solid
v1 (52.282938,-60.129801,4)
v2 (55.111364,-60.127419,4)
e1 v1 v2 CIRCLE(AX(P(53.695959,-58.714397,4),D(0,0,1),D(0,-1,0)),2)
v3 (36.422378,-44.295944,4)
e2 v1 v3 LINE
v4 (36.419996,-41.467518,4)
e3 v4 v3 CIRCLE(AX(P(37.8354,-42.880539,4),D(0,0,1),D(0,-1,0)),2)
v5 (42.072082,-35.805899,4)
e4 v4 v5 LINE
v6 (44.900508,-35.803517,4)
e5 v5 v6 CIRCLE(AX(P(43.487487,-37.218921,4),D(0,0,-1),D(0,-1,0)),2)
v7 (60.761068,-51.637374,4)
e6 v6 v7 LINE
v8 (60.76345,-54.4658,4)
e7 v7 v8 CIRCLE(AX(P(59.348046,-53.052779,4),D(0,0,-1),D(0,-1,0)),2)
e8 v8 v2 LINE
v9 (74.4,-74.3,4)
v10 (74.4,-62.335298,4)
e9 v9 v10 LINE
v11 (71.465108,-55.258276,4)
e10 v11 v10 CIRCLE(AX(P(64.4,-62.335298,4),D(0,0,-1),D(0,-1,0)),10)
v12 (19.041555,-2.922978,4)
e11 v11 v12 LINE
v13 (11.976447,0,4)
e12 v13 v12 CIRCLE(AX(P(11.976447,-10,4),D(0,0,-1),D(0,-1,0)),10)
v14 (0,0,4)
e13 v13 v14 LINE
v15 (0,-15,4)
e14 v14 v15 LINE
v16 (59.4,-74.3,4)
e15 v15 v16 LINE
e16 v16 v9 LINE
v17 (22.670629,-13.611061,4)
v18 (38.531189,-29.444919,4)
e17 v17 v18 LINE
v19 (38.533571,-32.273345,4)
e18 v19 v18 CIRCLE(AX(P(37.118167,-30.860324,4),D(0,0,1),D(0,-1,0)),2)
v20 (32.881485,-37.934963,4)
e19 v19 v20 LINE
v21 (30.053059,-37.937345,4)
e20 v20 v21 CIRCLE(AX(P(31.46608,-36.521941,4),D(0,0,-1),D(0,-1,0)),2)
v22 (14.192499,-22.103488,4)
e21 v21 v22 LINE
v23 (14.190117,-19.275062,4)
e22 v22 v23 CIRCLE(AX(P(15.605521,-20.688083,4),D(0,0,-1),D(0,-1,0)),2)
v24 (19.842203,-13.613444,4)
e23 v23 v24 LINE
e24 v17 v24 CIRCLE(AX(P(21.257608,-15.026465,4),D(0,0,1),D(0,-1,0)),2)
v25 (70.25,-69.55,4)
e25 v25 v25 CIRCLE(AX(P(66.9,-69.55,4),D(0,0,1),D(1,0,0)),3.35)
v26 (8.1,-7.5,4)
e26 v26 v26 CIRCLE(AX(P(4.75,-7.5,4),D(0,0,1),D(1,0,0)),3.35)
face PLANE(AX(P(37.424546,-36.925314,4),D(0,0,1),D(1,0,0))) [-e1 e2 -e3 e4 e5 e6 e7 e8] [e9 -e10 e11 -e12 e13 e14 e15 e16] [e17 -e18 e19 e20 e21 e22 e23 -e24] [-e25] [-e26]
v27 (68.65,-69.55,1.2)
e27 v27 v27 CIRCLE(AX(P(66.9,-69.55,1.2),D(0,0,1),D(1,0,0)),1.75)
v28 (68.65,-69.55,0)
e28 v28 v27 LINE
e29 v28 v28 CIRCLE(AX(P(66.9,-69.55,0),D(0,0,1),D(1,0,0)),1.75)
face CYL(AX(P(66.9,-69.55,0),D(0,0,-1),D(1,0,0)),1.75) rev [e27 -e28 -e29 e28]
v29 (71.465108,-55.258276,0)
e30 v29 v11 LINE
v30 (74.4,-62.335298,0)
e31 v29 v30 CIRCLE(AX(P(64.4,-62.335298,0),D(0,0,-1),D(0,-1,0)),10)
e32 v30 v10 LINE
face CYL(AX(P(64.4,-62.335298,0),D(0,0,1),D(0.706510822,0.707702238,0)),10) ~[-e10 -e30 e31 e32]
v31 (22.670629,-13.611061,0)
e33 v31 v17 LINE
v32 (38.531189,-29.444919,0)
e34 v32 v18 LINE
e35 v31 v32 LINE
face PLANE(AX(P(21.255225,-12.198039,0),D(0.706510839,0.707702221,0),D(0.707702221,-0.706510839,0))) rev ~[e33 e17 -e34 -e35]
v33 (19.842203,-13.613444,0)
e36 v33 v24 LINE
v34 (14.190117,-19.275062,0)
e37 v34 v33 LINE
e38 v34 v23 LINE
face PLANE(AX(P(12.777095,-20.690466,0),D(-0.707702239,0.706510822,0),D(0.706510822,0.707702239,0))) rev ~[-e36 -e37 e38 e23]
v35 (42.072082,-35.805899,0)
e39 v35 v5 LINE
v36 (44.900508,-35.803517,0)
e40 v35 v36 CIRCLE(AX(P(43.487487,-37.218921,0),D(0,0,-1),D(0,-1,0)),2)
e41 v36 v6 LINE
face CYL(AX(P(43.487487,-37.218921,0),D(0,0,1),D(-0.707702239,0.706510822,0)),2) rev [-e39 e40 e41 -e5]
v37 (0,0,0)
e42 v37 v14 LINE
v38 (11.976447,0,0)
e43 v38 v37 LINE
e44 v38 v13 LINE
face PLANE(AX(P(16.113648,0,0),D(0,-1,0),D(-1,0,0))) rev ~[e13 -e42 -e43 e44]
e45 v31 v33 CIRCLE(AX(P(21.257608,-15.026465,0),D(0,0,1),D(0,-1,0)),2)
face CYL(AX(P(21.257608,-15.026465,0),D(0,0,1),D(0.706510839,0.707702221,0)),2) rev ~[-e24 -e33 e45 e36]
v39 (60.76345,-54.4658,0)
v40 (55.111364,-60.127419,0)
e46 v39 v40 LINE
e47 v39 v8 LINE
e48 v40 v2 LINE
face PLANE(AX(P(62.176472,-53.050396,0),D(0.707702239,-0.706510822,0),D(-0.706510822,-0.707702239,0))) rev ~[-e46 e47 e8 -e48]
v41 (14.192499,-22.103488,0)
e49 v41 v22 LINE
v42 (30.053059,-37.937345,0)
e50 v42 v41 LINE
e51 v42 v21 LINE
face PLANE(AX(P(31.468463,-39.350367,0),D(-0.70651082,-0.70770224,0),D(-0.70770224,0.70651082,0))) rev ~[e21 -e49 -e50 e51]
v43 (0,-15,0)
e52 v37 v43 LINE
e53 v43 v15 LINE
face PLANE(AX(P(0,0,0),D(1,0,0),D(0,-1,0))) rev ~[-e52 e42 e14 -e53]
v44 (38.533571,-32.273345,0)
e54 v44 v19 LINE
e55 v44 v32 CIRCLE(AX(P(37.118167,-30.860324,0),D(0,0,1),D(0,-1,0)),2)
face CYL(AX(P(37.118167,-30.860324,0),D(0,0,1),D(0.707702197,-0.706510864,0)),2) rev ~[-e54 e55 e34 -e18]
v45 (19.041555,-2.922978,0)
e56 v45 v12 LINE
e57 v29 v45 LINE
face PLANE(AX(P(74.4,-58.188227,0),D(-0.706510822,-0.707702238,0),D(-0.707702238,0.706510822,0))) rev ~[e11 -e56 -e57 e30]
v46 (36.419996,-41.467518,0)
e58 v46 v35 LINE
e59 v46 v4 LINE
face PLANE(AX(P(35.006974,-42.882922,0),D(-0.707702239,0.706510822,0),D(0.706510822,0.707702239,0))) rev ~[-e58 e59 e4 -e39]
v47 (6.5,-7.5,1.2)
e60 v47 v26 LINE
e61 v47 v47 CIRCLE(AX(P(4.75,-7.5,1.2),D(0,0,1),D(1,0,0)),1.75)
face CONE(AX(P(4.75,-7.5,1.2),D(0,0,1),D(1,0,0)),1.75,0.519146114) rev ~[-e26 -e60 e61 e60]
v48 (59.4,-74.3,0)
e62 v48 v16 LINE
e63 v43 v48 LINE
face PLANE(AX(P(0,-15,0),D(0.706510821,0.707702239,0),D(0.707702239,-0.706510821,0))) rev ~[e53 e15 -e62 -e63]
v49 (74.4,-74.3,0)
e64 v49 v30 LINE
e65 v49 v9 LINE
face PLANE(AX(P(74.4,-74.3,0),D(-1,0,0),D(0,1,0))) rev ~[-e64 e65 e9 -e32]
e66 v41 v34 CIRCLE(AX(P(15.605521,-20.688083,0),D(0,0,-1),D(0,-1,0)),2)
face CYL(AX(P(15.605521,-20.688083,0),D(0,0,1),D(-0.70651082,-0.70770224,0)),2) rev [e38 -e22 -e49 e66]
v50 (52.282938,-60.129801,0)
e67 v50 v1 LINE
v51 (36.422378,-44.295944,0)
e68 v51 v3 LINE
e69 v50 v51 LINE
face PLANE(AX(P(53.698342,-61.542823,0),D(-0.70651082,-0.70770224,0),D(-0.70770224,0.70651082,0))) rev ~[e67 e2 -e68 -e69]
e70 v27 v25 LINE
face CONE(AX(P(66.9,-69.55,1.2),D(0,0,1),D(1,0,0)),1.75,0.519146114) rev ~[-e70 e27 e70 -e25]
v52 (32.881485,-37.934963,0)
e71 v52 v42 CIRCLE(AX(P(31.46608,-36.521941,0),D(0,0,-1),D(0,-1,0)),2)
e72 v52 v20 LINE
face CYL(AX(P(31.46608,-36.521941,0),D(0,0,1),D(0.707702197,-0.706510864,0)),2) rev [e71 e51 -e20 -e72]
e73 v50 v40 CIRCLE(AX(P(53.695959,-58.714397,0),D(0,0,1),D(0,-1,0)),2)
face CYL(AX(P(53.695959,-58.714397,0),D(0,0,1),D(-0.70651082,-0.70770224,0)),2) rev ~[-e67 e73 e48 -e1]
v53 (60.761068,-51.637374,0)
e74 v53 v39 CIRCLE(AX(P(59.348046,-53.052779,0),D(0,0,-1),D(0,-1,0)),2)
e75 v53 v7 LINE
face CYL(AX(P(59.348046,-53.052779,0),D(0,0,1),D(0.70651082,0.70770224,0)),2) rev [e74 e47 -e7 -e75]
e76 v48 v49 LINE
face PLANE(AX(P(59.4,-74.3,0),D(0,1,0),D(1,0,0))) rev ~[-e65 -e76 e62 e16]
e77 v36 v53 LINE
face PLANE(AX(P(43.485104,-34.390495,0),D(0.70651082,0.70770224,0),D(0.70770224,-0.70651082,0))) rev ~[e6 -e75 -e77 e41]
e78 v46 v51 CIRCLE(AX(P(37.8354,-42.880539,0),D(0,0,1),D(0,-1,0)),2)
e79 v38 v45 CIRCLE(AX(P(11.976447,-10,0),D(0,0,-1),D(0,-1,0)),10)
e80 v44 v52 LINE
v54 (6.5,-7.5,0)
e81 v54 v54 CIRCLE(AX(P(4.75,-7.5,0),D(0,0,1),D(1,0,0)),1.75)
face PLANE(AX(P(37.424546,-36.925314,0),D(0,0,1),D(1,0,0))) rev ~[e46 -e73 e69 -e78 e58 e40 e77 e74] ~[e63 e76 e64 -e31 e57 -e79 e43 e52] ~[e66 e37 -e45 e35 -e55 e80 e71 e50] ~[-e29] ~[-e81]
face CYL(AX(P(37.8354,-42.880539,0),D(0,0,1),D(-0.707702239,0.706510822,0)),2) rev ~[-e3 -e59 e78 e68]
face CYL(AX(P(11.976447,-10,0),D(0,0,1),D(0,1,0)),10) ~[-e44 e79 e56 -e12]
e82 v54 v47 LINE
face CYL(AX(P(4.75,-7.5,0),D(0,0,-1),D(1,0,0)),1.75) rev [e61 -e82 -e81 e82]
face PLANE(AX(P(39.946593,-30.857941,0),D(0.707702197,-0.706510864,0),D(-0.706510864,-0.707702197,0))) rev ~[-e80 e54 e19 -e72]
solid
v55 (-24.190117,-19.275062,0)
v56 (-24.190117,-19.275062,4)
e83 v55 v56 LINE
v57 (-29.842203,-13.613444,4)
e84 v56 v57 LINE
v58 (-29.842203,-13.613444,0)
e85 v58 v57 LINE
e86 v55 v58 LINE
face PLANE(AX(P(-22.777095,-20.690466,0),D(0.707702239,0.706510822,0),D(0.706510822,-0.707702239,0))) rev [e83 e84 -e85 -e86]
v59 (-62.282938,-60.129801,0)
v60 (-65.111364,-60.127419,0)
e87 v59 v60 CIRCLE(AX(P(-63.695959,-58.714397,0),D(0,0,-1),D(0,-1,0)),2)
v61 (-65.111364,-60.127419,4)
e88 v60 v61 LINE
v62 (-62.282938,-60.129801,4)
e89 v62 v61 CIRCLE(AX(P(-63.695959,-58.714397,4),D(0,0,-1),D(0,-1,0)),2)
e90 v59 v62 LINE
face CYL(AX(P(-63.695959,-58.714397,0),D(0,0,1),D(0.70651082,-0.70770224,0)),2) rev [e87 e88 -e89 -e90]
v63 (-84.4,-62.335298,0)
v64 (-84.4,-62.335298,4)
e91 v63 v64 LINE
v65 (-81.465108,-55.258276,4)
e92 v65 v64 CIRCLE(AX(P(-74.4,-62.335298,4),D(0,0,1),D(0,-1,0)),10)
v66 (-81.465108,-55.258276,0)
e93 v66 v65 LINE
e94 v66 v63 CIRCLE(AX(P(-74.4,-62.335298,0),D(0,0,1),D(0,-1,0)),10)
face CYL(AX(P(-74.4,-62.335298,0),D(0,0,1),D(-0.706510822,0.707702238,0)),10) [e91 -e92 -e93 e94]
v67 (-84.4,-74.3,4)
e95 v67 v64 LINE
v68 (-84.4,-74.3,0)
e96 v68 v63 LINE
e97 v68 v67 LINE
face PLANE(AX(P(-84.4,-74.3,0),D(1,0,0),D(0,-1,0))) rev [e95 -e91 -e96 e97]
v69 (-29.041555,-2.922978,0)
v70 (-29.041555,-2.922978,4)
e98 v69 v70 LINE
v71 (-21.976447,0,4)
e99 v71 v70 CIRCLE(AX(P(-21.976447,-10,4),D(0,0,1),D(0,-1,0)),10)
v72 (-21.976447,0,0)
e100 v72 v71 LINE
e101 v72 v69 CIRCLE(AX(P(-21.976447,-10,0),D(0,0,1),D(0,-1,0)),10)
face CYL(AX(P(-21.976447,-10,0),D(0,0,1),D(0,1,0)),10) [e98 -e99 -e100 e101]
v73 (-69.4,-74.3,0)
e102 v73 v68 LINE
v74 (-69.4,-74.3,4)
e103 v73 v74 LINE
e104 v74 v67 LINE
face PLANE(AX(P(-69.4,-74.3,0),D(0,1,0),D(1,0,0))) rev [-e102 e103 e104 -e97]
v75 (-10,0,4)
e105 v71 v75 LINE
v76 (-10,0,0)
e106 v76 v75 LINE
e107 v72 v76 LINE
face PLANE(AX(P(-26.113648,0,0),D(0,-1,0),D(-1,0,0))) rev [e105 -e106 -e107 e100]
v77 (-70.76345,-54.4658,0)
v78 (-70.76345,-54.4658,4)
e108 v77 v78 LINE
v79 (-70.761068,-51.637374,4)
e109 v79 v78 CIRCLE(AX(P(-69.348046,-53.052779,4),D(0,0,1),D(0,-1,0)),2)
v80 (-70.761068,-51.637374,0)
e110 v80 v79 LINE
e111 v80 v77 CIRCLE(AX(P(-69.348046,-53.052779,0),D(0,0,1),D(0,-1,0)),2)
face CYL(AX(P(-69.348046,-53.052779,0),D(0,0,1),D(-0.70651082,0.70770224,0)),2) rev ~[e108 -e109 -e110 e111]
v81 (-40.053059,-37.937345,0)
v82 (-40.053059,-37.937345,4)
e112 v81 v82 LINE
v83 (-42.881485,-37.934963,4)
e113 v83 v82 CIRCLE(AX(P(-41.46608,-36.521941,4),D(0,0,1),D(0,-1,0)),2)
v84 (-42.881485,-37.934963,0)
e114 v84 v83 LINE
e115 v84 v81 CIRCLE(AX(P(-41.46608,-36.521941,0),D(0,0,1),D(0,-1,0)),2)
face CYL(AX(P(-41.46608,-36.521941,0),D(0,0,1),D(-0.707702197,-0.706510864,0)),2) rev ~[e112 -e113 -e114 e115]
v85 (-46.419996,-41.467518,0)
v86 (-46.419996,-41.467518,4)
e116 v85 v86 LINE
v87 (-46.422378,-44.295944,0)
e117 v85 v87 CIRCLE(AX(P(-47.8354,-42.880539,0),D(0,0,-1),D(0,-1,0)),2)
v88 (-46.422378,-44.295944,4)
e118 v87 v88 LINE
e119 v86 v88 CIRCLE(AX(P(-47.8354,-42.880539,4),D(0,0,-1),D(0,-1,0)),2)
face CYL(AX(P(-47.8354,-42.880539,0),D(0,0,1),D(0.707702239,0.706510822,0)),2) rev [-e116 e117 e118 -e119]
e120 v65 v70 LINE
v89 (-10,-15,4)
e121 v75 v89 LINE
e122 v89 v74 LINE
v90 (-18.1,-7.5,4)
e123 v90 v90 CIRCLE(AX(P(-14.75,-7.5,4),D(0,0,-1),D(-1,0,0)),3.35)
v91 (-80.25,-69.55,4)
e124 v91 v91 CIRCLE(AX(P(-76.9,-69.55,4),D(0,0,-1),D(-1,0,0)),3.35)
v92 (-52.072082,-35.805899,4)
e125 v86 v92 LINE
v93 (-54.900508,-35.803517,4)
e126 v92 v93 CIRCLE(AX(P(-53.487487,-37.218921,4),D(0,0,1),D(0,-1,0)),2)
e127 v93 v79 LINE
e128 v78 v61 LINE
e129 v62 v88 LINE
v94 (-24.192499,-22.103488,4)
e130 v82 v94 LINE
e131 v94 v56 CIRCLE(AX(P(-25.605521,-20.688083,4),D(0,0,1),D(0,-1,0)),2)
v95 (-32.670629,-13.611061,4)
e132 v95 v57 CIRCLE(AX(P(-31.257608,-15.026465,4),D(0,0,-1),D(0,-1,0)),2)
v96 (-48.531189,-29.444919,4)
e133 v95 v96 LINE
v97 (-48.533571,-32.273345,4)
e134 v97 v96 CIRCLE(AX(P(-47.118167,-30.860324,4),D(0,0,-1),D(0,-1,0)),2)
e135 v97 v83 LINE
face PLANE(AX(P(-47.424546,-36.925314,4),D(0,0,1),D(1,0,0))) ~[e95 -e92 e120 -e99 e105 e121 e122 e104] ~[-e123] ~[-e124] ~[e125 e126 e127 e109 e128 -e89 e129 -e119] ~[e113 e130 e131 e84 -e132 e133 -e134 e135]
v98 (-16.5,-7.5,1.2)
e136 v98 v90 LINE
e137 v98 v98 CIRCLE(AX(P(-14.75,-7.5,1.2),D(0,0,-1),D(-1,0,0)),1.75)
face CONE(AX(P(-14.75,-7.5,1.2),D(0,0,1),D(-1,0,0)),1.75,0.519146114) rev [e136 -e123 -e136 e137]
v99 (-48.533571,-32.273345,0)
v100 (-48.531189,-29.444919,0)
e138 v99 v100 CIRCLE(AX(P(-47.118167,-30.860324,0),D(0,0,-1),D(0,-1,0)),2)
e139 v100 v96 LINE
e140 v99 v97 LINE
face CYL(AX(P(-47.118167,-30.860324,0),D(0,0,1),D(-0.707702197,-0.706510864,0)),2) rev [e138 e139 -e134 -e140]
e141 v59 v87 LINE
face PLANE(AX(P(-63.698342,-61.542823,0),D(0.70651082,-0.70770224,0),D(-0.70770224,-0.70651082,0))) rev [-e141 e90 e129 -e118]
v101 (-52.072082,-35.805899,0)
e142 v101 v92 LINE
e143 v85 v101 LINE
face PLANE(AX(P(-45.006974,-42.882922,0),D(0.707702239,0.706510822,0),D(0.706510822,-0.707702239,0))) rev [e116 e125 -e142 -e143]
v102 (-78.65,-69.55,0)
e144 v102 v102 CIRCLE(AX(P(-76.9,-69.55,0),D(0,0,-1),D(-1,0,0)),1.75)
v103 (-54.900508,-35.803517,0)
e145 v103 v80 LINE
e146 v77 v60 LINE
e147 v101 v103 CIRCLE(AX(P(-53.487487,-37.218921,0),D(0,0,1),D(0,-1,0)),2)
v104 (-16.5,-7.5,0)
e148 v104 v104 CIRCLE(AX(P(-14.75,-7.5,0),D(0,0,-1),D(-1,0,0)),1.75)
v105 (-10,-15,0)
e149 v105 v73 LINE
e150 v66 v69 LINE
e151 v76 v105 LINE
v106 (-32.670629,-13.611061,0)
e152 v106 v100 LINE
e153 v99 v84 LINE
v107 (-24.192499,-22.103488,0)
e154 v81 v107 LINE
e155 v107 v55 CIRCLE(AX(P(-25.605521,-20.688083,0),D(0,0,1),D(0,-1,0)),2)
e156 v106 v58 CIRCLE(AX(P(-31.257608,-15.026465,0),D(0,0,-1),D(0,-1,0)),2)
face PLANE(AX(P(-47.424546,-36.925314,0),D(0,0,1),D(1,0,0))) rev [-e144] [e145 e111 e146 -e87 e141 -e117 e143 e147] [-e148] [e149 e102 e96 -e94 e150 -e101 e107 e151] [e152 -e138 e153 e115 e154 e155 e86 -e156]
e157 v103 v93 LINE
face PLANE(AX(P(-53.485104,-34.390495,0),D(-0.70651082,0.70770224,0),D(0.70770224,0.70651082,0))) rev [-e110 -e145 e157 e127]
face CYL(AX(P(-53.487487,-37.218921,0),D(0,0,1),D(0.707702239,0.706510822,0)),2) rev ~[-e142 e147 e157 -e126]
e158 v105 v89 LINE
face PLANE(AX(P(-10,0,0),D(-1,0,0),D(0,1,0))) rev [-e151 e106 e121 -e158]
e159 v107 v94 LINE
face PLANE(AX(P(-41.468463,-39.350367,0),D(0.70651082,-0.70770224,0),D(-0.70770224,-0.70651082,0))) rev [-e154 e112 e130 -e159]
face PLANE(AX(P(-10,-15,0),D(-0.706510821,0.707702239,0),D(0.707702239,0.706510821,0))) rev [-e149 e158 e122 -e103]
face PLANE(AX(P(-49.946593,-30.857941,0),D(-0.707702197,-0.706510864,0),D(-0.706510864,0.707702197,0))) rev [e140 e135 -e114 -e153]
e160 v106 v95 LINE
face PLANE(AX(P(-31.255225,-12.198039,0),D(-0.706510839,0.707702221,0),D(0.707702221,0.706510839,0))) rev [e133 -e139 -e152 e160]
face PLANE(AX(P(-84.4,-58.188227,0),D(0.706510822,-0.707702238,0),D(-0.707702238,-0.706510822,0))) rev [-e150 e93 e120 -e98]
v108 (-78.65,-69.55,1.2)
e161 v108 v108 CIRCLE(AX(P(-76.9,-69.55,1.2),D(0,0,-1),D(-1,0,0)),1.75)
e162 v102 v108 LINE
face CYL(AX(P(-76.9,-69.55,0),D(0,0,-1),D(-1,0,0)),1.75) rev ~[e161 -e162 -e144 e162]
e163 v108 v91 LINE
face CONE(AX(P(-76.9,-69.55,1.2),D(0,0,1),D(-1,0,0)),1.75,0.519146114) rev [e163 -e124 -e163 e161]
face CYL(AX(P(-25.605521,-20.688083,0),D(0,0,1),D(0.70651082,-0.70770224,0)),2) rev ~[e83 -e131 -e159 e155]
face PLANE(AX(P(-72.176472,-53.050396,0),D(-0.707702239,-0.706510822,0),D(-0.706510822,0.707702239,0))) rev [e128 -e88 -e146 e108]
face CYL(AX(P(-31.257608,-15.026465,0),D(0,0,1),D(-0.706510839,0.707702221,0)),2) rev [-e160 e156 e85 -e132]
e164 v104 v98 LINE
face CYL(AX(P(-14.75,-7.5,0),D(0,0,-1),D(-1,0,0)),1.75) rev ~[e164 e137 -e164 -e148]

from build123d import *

# Parameters (mm, degrees)
F0_R     = 1.75
F1_DEPTH = 4
F2_R     = 10
F3_R     = 2
F4_SIZE2 = 1.6
F4_SIZE  = 2.8


with BuildPart() as f1:
    # F0 (on Top) → F1 (new body)
    with BuildSketch(Plane.XY):
        Polygon((16.113648, 0), (0, 0), (0, -15), (59.4, -74.3), (74.4, -74.3), (74.4, -58.188227), align=None)
        with Locations((66.9, -69.55)):
            Circle(F0_R, mode=Mode.SUBTRACT)
        Polygon((43.485104, -34.390495), (62.176472, -53.050396), (53.698342, -61.542823), (35.006974, -42.882922), align=None, mode=Mode.SUBTRACT)
        Polygon((31.468463, -39.350367), (12.777095, -20.690466), (21.255225, -12.198039), (39.946593, -30.857941), align=None, mode=Mode.SUBTRACT)
        with Locations((4.75, -7.5)):
            Circle(F0_R, mode=Mode.SUBTRACT)
    extrude(amount=F1_DEPTH)

    # F2
    f2_edges = [f1.edges().sort_by_distance(p)[0] for p in [
        (16.113648, 0, 2),
        (74.4, -58.188227, 2),
    ]]
    fillet(f2_edges, radius=F2_R)

    # F3
    f3_edges = [f1.edges().sort_by_distance(p)[0] for p in [
        (21.255225, -12.198039, 2),
        (12.777095, -20.690466, 2),
        (39.946593, -30.857941, 2),
        (31.468463, -39.350367, 2),
        (53.698342, -61.542823, 2),
        (62.176472, -53.050396, 2),
        (43.485104, -34.390495, 2),
        (35.006974, -42.882922, 2),
    ]]
    fillet(f3_edges, radius=F3_R)

    # F4
    f4_edges = [f1.edges().sort_by_distance(p)[0] for p in [
        (3, -7.5, 4),
        (65.15, -69.55, 4),
    ]]
    chamfer(f4_edges, length=F4_SIZE, length2=F4_SIZE2)


with BuildPart() as f6_1:
    # F6: instance of F1
    add(f1.part.mirror(Plane.YZ.offset(-5)))


solid = Compound([f1.part, f6_1.part])
